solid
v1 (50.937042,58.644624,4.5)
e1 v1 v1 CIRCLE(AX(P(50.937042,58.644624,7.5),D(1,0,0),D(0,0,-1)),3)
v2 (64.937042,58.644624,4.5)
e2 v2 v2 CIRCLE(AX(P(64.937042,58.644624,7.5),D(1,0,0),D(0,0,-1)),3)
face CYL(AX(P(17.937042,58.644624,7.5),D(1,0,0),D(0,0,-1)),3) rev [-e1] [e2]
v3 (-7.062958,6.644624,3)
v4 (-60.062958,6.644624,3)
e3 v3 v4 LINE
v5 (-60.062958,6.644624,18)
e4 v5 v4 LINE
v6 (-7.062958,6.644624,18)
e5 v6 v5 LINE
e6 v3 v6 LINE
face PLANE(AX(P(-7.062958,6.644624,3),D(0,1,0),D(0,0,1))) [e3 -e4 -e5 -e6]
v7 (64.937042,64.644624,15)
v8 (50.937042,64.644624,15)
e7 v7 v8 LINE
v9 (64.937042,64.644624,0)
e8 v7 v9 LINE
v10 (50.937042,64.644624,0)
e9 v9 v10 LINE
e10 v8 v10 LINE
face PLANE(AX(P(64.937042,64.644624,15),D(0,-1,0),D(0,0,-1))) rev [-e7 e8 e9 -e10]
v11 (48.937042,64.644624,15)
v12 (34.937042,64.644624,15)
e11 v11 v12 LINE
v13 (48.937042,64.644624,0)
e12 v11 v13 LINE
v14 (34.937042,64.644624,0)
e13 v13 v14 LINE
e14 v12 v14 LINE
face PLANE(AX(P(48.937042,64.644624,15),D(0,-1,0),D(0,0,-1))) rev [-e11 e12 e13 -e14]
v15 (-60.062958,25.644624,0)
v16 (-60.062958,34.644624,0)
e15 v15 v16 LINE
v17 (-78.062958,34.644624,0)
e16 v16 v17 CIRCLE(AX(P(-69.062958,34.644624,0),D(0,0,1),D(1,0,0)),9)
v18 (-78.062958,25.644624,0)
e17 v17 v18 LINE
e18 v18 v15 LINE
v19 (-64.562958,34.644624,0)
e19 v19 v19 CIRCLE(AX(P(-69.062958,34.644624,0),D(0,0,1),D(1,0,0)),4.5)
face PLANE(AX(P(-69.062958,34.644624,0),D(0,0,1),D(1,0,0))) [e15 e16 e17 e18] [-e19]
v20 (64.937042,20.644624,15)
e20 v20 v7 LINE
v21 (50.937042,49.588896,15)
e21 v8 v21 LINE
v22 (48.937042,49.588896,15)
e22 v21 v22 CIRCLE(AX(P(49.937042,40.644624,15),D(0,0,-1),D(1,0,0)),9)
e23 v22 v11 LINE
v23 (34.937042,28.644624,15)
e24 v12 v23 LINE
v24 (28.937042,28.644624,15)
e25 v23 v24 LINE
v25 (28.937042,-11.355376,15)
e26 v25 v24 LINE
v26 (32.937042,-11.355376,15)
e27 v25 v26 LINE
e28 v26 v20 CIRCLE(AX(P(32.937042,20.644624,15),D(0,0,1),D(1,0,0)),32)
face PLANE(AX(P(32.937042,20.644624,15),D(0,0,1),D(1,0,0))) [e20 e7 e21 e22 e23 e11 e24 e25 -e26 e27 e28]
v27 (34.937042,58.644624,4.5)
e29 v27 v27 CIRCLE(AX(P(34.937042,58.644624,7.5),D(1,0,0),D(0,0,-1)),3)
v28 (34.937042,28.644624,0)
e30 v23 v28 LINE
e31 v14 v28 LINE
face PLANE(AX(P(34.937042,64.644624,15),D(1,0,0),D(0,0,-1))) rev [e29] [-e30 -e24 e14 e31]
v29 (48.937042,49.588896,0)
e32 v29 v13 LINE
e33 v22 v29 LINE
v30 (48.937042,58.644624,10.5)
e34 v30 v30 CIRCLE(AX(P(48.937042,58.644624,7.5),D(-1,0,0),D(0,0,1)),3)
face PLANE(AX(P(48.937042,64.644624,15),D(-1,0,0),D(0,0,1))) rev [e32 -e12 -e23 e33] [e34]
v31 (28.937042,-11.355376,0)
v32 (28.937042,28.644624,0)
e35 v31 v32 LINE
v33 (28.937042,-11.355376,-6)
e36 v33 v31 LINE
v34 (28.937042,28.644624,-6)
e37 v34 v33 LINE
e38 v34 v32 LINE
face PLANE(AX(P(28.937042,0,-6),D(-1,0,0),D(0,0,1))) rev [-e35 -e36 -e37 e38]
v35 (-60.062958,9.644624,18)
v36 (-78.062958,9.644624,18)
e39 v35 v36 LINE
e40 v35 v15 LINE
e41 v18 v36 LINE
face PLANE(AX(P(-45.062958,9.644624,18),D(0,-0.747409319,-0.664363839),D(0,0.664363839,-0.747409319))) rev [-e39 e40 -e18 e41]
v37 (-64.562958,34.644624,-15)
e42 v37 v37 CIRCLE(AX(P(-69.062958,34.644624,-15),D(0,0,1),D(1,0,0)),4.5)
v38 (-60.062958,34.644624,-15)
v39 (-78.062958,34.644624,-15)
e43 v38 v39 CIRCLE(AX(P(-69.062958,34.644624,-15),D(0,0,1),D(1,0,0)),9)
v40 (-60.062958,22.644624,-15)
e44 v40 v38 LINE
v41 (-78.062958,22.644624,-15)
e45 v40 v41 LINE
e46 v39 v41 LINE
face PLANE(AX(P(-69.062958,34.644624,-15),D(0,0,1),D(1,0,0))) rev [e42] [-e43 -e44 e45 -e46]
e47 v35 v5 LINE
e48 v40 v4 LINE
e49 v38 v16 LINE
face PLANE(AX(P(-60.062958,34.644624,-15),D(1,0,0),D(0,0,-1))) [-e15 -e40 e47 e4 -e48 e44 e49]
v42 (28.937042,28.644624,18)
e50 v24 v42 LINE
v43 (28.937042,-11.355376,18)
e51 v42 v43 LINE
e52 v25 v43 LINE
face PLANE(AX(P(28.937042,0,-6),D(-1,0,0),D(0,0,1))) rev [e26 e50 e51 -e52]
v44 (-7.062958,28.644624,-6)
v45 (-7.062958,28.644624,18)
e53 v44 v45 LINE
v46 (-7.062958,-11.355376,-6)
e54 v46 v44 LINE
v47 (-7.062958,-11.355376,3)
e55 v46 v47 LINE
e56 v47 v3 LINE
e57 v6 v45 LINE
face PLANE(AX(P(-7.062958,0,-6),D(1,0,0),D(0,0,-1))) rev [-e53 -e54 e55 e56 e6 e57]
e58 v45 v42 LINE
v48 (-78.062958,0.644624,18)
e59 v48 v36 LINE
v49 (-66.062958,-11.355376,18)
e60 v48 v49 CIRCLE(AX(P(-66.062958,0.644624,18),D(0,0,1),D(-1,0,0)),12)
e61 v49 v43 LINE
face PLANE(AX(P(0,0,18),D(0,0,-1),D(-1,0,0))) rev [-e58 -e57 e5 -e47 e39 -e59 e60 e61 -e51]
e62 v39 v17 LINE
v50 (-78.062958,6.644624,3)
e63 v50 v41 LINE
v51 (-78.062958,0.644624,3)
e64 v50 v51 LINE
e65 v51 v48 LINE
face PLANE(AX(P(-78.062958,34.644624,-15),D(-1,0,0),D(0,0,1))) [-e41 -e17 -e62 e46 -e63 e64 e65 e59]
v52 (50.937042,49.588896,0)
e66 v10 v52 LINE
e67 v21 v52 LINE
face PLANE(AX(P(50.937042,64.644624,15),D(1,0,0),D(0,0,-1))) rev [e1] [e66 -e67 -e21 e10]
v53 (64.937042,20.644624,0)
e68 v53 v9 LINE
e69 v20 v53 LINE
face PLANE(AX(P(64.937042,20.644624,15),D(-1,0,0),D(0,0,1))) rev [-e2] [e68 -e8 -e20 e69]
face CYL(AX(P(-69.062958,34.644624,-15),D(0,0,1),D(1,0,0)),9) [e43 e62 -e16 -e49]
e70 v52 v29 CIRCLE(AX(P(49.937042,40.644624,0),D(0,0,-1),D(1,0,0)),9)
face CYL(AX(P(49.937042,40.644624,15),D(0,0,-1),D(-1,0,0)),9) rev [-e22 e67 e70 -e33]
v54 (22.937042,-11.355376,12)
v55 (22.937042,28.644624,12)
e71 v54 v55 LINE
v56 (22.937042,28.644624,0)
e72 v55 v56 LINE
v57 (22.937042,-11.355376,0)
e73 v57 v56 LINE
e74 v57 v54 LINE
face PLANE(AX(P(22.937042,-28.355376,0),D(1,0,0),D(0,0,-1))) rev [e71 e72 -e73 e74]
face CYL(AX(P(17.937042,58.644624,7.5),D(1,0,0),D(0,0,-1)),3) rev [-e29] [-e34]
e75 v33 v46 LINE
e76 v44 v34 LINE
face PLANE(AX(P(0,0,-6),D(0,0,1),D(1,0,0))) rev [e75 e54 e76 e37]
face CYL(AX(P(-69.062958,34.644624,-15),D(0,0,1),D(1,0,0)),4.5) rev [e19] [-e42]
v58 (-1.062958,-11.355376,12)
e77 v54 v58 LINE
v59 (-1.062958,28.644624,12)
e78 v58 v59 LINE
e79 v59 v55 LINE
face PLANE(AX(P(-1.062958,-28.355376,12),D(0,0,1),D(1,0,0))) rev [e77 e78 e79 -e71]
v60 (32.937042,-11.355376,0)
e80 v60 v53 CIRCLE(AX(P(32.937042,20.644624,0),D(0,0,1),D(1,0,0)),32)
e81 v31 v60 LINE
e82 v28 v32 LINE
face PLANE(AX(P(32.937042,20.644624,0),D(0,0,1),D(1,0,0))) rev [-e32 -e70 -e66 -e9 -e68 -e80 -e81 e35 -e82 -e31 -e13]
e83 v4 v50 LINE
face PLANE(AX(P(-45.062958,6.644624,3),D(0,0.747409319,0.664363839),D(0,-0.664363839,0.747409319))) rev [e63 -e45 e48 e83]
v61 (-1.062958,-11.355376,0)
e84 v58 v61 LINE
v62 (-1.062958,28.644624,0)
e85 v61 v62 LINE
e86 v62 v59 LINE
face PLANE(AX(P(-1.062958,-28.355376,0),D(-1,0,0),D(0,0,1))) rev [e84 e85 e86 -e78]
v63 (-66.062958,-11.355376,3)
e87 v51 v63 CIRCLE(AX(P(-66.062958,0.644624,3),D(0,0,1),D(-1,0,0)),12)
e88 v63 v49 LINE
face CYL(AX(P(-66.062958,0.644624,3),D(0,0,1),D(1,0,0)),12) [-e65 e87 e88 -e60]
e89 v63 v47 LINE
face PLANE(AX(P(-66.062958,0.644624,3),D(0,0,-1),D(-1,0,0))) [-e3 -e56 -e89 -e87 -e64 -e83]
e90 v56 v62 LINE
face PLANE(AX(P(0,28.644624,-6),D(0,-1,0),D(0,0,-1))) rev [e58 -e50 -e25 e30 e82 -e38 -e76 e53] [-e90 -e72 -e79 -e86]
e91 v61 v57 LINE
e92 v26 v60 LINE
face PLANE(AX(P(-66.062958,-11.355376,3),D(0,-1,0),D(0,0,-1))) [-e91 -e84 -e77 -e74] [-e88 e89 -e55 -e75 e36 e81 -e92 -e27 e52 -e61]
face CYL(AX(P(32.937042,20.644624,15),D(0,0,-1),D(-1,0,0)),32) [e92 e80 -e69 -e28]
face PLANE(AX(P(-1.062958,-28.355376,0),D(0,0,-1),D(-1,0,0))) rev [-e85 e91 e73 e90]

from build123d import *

# Parameters (mm, degrees)
SKETCH2_R            = 4.5
BOSS_EXTRUDE1_DEPTH  = 15
SKETCH6_W            = 18
SKETCH6_H            = 16
SKETCH6_H_2          = 3
BOSS_EXTRUDE9_DEPTH  = 33
CUT_EXTRUDE2_DEPTH   = 33
BOSS_EXTRUDE11_DEPTH = 15
BOSS_EXTRUDE13_DEPTH = 24
SKETCH20_W           = 24
SKETCH20_H           = 12
CUT_EXTRUDE3_DEPTH   = 57
BOSS_EXTRUDE15_DEPTH = 15
SKETCH22_R           = 3
CUT_EXTRUDE4_DEPTH   = 47


with BuildPart() as part:
    # Sketch2 → Boss-Extrude1 (new body)
    with BuildSketch(Plane.XY):
        with BuildLine():
            Line((-78.062958061, 34.644624266), (-78.062958061, 25.644624266))
            Line((-78.062958061, 25.644624266), (-60.062958061, 25.644624266))
            Line((-60.062958061, 25.644624266), (-60.062958061, 34.644624266))
            ThreePointArc((-60.062958061, 34.644624266), (-69.062958061, 43.644624266), (-78.062958061, 34.644624266))
        make_face()
        with Locations((-69.062958061, 34.644624266)):
            Circle(SKETCH2_R, mode=Mode.SUBTRACT)
    extrude(amount=-BOSS_EXTRUDE1_DEPTH)

    # Sketch6 → Boss-Extrude9 (add)
    with BuildSketch(Plane(origin=(0, 0, -15), x_dir=(-1, 0, 0), z_dir=(0, 0, -1))):
        with Locations((69.062958061, 14.644624266)):
            Rectangle(SKETCH6_W, SKETCH6_H)
        with Locations((69.062958061, 24.144624266)):
            Rectangle(SKETCH6_W, SKETCH6_H_2)
    extrude(amount=-BOSS_EXTRUDE9_DEPTH)

    # Sketch15 → Cut-Extrude2 (cut)
    with BuildSketch(Plane.ZY.offset(78.062958061)):
        Polygon((-15, 6.644624266), (-15, 22.644624266), (3, 6.644624266), align=None)
        Polygon((18, 9.644624266), (0, 25.644624266), (18, 25.644624266), align=None)
    extrude(amount=-CUT_EXTRUDE2_DEPTH, mode=Mode.SUBTRACT)

    # Sketch16 → Boss-Extrude11 (add)
    with BuildSketch(Plane.XY.offset(18)):
        with BuildLine():
            Line((-78.062958061, 6.644624266), (-78.062958061, 0.644624266))
            ThreePointArc((-78.062958061, 0.644624266), (-74.548239436, -7.840657108), (-66.062958061, -11.355375734))
            Line((-66.062958061, -11.355375734), (-7.062958061, -11.355375734))
            Line((-7.062958061, -11.355375734), (-7.062958061, 6.644624266))
            Line((-7.062958061, 6.644624266), (-78.062958061, 6.644624266))
        make_face()
    extrude(amount=-BOSS_EXTRUDE11_DEPTH)

    # Sketch18 → Boss-Extrude13 (add)
    with BuildSketch(Plane.XY.offset(18)):
        Polygon((28.937041939, -11.355375734), (-7.062958061, -11.355375734), (-7.062958061, 6.644624266), (-7.062958061, 28.644624266), (28.937041939, 28.644624266), align=None)
    extrude(amount=-BOSS_EXTRUDE13_DEPTH)

    # Sketch20 → Cut-Extrude3 (cut)
    with BuildSketch(Plane(origin=(0, 28.644624266, 0), x_dir=(1, 0, 0), z_dir=(0, 1, 0))):
        with Locations((10.937041939, -6)):
            Rectangle(SKETCH20_W, SKETCH20_H)
    extrude(amount=-CUT_EXTRUDE3_DEPTH, mode=Mode.SUBTRACT)

    # Sketch21 → Boss-Extrude15 (add)
    with BuildSketch(Plane.XY):
        with BuildLine():
            Line((22.937041939, 28.644624266), (34.937041939, 28.644624266))
            Line((34.937041939, 28.644624266), (34.937041939, 64.644624266))
            Line((34.937041939, 64.644624266), (48.937041939, 64.644624266))
            Line((48.937041939, 64.644624266), (48.937041939, 49.588896176))
            ThreePointArc((48.937041939, 49.588896176), (49.937041939, 31.644624266), (50.937041939, 49.588896176))
            Line((50.937041939, 49.588896176), (50.937041939, 64.644624266))
            Line((50.937041939, 64.644624266), (64.937041939, 64.644624266))
            Line((64.937041939, 64.644624266), (64.937041939, 20.644624266))
            ThreePointArc((64.937041939, 20.644624266), (55.564458937, -1.982792732), (32.937041939, -11.355375734))
            Line((32.937041939, -11.355375734), (22.937041939, -11.355375734))
            Line((22.937041939, -11.355375734), (22.937041939, 28.644624266))
        make_face()
    extrude(amount=BOSS_EXTRUDE15_DEPTH)

    # Sketch22 → Cut-Extrude4 (cut)
    with BuildSketch(Plane(origin=(64.937041939, 0, 0), x_dir=(0, 0, -1), z_dir=(1, 0, 0))):
        with Locations((-7.5, 58.644624266)):
            Circle(SKETCH22_R)
    extrude(amount=-CUT_EXTRUDE4_DEPTH, mode=Mode.SUBTRACT)


solid = part.part
